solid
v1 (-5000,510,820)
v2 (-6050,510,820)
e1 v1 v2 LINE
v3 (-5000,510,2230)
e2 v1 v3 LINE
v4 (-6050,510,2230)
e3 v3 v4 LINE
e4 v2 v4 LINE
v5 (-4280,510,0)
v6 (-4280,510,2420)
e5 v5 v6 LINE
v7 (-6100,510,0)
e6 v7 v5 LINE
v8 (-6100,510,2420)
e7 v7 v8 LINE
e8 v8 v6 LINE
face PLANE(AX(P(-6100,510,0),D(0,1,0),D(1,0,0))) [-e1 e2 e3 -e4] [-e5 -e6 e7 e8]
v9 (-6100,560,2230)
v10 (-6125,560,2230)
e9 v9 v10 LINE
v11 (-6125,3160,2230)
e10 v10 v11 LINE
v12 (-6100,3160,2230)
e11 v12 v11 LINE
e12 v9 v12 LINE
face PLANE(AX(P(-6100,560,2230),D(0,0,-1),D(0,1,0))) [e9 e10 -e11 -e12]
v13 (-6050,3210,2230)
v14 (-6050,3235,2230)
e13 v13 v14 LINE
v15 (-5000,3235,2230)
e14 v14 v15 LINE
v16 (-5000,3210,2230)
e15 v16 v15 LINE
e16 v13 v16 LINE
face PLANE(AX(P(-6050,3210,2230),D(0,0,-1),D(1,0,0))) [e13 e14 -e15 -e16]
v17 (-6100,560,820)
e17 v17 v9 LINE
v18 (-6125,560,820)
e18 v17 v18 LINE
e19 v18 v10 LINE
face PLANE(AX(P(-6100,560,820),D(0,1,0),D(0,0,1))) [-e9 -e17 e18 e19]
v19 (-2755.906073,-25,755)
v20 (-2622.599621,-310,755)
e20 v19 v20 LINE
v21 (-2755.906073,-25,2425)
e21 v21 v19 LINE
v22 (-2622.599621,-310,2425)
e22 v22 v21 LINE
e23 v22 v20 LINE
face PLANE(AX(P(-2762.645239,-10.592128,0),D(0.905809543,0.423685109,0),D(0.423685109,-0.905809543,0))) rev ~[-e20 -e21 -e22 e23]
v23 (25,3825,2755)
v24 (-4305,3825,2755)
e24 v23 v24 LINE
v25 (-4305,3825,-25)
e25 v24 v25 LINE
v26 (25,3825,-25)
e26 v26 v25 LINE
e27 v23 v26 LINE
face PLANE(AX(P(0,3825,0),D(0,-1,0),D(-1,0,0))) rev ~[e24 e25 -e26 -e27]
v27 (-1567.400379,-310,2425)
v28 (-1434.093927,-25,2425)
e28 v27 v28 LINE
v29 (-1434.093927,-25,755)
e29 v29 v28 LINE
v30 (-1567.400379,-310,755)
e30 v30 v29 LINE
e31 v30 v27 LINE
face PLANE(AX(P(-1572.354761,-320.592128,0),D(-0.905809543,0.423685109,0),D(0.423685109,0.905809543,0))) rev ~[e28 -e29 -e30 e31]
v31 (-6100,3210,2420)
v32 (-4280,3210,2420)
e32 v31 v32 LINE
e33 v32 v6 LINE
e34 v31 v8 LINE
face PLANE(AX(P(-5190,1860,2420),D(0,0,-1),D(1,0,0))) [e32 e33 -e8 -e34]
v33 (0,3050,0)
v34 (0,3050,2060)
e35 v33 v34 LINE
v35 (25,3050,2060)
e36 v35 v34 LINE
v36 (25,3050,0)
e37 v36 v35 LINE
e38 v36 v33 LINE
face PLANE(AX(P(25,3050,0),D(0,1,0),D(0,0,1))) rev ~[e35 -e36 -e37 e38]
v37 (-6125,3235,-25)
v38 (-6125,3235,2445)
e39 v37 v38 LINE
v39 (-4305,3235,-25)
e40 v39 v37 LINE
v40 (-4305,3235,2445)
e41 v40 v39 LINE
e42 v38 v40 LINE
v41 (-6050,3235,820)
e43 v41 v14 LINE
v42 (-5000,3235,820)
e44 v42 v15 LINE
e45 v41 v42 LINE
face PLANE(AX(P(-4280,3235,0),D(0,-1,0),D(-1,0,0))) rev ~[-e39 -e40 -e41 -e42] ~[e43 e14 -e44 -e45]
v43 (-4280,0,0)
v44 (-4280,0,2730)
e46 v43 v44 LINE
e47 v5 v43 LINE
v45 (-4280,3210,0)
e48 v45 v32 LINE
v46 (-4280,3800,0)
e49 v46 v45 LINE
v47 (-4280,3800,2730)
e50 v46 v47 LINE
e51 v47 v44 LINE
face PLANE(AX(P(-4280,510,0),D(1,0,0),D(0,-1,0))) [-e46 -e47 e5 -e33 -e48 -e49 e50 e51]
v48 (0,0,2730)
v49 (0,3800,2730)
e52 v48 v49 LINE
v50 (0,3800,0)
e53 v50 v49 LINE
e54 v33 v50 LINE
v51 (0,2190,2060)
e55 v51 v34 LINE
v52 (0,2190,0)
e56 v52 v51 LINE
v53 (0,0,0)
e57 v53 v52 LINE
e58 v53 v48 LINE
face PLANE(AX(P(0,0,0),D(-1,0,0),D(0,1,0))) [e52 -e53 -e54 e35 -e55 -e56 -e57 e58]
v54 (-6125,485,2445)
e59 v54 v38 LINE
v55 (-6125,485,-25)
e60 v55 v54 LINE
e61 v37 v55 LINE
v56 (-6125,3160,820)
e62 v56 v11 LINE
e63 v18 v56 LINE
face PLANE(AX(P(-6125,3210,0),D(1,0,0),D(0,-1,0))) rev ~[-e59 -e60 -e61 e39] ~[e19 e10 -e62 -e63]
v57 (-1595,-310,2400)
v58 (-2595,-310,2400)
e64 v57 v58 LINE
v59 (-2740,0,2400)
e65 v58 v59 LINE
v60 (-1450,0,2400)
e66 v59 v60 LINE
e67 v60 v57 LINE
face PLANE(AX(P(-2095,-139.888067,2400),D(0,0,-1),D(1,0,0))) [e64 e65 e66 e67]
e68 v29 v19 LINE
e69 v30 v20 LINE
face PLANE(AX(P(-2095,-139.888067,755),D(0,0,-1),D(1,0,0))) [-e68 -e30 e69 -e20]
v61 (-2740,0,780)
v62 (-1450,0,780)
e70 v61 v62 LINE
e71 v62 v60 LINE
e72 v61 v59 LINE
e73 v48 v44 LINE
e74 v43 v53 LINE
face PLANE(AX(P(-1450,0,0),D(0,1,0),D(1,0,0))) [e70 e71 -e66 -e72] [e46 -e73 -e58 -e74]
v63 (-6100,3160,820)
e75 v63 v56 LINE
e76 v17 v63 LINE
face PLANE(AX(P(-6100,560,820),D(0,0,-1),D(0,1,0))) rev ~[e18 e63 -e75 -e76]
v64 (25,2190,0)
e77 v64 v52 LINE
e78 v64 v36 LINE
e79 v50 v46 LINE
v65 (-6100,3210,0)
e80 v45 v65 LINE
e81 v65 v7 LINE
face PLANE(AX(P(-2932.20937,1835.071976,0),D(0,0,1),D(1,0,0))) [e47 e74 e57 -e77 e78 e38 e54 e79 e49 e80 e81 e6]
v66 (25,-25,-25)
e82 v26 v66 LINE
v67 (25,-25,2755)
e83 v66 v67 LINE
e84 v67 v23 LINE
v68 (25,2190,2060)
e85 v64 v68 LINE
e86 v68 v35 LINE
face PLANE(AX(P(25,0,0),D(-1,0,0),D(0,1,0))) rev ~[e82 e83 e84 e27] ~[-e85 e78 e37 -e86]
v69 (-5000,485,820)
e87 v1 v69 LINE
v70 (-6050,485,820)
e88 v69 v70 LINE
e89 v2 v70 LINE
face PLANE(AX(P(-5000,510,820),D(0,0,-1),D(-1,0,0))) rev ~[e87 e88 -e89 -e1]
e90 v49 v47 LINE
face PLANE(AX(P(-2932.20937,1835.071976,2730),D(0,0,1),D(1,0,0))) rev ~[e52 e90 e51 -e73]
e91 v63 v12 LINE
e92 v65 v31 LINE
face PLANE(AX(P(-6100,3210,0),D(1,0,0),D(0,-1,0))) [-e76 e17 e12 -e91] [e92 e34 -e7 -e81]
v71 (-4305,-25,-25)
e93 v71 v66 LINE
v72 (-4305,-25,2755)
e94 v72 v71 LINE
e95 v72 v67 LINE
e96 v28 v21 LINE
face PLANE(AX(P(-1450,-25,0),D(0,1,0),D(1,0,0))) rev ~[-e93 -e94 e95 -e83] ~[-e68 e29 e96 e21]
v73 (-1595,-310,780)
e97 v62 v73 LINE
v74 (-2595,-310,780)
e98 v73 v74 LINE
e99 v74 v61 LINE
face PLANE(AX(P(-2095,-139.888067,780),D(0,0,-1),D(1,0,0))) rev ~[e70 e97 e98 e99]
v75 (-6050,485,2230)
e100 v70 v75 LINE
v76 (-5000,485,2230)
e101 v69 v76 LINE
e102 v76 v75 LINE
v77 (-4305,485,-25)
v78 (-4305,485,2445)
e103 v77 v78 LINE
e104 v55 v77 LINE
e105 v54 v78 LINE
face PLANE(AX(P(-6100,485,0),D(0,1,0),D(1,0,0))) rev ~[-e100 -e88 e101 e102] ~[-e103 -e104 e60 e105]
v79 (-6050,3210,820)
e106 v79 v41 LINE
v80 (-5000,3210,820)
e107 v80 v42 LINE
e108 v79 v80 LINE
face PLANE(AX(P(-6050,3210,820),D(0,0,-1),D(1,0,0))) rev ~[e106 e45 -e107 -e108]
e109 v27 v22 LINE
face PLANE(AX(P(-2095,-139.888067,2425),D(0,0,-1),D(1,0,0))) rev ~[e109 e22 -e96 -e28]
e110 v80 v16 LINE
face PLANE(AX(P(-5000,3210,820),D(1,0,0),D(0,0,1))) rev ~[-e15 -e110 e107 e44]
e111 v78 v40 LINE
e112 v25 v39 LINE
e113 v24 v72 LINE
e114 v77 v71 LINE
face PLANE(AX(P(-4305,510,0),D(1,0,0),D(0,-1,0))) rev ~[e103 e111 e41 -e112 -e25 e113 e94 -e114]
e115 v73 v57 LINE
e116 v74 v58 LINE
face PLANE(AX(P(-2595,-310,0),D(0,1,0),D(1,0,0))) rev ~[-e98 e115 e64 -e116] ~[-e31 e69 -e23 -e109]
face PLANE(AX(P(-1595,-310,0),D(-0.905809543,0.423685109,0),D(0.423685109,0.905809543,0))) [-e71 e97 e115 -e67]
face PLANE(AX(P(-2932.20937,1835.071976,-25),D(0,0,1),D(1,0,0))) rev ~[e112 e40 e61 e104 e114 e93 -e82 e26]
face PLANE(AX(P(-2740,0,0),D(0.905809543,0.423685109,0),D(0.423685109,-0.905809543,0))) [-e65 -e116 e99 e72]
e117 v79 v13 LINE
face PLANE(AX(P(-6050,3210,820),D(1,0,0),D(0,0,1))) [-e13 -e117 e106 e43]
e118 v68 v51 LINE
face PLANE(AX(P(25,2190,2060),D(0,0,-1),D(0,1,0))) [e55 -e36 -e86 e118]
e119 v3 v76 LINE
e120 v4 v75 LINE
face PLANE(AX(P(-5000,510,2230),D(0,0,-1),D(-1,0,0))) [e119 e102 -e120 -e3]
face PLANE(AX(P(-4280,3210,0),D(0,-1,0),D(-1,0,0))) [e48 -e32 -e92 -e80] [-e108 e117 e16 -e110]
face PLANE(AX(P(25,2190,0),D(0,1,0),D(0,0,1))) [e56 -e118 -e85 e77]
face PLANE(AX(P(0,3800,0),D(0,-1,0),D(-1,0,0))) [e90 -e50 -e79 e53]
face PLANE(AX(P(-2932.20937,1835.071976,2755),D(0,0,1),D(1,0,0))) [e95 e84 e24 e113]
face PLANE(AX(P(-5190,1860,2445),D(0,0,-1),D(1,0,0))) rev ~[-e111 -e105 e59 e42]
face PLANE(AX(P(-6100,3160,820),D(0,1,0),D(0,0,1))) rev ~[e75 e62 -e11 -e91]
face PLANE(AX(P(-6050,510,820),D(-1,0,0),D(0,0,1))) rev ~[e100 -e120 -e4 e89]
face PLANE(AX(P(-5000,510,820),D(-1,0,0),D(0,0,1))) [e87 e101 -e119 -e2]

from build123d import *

# Parameters (mm, degrees)
F1_DEPTH  = 2730
F3_DEPTH  = 780
F6_DEPTH  = 330
F8_W      = 1820
F8_H      = 2700
F9_DEPTH  = 310
F10_T     = 25
F11_W     = 860
F11_H     = 2060
F12_DEPTH = 25
F13_W     = 2600
F13_H     = 1410
F14_DEPTH = 25
F15_W     = 1050
F15_H     = 1410
F16_DEPTH = 25
F17_W     = 1050
F17_H     = 1410
F18_DEPTH = 25


with BuildPart() as f1:
    # F0 (on Top) → F1 (new body)
    with BuildSketch(Plane.XY):
        Polygon((-1450, 0), (0, 0), (0, 3800), (-4280, 3800), (-4280, 3210), (-6100, 3210), (-6100, 510), (-4280, 510), (-4280, 0), (-2740, 0), (-2595, -310), (-1595, -310), align=None)
    extrude(amount=F1_DEPTH)

    # F2 (on face) → F3 (cut)
    with BuildSketch(Plane(origin=(0, 0, 0), x_dir=(1, 0, 0), z_dir=(0, 0, -1))):
        Polygon((-2595, 310), (-2740, 0), (-1450, 0), (-1595, 310), align=None)
    extrude(amount=-F3_DEPTH, mode=Mode.SUBTRACT)

    # F5 (on offset) → F6 (cut, through all)
    with BuildSketch(Plane(origin=(0, 0, 2400), x_dir=(1, 0, 0), z_dir=(0, 0, -1))):
        Polygon((-2595, 310), (-2740, 0), (-1450, 0), (-1595, 310), align=None)
    extrude(amount=-F6_DEPTH, mode=Mode.SUBTRACT)

    # F8 (on offset) → F9 (cut, through all)
    with BuildSketch(Plane(origin=(0, 0, 2420), x_dir=(1, 0, 0), z_dir=(0, 0, -1))):
        with Locations((-5190, -1860)):
            Rectangle(F8_W, F8_H)
    extrude(amount=-F9_DEPTH, mode=Mode.SUBTRACT)

    # F10
    f10_openings = [f1.faces().sort_by_distance(p)[0] for p in [
        (-2095, -310, 1590),
    ]]
    offset(amount=F10_T, openings=f10_openings, kind=Kind.INTERSECTION)

    # F11 (on face) → F12 (cut, through all)
    with BuildSketch(Plane.YZ.offset(25)):
        with Locations((2620, 1030)):
            Rectangle(F11_W, F11_H)
    extrude(amount=-F12_DEPTH, mode=Mode.SUBTRACT)

    # F13 (on face) → F14 (cut, through all)
    with BuildSketch(Plane.YZ.offset(-6100)):
        with Locations((1860, 1525)):
            Rectangle(F13_W, F13_H)
    extrude(amount=-F14_DEPTH, mode=Mode.SUBTRACT)

    # F15 (on face) → F16 (cut, through all)
    with BuildSketch(Plane.XZ.offset(-3210)):
        with Locations((-5525, 1525)):
            Rectangle(F15_W, F15_H)
    extrude(amount=-F16_DEPTH, mode=Mode.SUBTRACT)

    # F17 (on face) → F18 (cut, through all)
    with BuildSketch(Plane(origin=(0, 510, 0), x_dir=(-1, 0, 0), z_dir=(0, 1, 0))):
        with Locations((5525, 1525)):
            Rectangle(F17_W, F17_H)
    extrude(amount=-F18_DEPTH, mode=Mode.SUBTRACT)


solid = f1.part
